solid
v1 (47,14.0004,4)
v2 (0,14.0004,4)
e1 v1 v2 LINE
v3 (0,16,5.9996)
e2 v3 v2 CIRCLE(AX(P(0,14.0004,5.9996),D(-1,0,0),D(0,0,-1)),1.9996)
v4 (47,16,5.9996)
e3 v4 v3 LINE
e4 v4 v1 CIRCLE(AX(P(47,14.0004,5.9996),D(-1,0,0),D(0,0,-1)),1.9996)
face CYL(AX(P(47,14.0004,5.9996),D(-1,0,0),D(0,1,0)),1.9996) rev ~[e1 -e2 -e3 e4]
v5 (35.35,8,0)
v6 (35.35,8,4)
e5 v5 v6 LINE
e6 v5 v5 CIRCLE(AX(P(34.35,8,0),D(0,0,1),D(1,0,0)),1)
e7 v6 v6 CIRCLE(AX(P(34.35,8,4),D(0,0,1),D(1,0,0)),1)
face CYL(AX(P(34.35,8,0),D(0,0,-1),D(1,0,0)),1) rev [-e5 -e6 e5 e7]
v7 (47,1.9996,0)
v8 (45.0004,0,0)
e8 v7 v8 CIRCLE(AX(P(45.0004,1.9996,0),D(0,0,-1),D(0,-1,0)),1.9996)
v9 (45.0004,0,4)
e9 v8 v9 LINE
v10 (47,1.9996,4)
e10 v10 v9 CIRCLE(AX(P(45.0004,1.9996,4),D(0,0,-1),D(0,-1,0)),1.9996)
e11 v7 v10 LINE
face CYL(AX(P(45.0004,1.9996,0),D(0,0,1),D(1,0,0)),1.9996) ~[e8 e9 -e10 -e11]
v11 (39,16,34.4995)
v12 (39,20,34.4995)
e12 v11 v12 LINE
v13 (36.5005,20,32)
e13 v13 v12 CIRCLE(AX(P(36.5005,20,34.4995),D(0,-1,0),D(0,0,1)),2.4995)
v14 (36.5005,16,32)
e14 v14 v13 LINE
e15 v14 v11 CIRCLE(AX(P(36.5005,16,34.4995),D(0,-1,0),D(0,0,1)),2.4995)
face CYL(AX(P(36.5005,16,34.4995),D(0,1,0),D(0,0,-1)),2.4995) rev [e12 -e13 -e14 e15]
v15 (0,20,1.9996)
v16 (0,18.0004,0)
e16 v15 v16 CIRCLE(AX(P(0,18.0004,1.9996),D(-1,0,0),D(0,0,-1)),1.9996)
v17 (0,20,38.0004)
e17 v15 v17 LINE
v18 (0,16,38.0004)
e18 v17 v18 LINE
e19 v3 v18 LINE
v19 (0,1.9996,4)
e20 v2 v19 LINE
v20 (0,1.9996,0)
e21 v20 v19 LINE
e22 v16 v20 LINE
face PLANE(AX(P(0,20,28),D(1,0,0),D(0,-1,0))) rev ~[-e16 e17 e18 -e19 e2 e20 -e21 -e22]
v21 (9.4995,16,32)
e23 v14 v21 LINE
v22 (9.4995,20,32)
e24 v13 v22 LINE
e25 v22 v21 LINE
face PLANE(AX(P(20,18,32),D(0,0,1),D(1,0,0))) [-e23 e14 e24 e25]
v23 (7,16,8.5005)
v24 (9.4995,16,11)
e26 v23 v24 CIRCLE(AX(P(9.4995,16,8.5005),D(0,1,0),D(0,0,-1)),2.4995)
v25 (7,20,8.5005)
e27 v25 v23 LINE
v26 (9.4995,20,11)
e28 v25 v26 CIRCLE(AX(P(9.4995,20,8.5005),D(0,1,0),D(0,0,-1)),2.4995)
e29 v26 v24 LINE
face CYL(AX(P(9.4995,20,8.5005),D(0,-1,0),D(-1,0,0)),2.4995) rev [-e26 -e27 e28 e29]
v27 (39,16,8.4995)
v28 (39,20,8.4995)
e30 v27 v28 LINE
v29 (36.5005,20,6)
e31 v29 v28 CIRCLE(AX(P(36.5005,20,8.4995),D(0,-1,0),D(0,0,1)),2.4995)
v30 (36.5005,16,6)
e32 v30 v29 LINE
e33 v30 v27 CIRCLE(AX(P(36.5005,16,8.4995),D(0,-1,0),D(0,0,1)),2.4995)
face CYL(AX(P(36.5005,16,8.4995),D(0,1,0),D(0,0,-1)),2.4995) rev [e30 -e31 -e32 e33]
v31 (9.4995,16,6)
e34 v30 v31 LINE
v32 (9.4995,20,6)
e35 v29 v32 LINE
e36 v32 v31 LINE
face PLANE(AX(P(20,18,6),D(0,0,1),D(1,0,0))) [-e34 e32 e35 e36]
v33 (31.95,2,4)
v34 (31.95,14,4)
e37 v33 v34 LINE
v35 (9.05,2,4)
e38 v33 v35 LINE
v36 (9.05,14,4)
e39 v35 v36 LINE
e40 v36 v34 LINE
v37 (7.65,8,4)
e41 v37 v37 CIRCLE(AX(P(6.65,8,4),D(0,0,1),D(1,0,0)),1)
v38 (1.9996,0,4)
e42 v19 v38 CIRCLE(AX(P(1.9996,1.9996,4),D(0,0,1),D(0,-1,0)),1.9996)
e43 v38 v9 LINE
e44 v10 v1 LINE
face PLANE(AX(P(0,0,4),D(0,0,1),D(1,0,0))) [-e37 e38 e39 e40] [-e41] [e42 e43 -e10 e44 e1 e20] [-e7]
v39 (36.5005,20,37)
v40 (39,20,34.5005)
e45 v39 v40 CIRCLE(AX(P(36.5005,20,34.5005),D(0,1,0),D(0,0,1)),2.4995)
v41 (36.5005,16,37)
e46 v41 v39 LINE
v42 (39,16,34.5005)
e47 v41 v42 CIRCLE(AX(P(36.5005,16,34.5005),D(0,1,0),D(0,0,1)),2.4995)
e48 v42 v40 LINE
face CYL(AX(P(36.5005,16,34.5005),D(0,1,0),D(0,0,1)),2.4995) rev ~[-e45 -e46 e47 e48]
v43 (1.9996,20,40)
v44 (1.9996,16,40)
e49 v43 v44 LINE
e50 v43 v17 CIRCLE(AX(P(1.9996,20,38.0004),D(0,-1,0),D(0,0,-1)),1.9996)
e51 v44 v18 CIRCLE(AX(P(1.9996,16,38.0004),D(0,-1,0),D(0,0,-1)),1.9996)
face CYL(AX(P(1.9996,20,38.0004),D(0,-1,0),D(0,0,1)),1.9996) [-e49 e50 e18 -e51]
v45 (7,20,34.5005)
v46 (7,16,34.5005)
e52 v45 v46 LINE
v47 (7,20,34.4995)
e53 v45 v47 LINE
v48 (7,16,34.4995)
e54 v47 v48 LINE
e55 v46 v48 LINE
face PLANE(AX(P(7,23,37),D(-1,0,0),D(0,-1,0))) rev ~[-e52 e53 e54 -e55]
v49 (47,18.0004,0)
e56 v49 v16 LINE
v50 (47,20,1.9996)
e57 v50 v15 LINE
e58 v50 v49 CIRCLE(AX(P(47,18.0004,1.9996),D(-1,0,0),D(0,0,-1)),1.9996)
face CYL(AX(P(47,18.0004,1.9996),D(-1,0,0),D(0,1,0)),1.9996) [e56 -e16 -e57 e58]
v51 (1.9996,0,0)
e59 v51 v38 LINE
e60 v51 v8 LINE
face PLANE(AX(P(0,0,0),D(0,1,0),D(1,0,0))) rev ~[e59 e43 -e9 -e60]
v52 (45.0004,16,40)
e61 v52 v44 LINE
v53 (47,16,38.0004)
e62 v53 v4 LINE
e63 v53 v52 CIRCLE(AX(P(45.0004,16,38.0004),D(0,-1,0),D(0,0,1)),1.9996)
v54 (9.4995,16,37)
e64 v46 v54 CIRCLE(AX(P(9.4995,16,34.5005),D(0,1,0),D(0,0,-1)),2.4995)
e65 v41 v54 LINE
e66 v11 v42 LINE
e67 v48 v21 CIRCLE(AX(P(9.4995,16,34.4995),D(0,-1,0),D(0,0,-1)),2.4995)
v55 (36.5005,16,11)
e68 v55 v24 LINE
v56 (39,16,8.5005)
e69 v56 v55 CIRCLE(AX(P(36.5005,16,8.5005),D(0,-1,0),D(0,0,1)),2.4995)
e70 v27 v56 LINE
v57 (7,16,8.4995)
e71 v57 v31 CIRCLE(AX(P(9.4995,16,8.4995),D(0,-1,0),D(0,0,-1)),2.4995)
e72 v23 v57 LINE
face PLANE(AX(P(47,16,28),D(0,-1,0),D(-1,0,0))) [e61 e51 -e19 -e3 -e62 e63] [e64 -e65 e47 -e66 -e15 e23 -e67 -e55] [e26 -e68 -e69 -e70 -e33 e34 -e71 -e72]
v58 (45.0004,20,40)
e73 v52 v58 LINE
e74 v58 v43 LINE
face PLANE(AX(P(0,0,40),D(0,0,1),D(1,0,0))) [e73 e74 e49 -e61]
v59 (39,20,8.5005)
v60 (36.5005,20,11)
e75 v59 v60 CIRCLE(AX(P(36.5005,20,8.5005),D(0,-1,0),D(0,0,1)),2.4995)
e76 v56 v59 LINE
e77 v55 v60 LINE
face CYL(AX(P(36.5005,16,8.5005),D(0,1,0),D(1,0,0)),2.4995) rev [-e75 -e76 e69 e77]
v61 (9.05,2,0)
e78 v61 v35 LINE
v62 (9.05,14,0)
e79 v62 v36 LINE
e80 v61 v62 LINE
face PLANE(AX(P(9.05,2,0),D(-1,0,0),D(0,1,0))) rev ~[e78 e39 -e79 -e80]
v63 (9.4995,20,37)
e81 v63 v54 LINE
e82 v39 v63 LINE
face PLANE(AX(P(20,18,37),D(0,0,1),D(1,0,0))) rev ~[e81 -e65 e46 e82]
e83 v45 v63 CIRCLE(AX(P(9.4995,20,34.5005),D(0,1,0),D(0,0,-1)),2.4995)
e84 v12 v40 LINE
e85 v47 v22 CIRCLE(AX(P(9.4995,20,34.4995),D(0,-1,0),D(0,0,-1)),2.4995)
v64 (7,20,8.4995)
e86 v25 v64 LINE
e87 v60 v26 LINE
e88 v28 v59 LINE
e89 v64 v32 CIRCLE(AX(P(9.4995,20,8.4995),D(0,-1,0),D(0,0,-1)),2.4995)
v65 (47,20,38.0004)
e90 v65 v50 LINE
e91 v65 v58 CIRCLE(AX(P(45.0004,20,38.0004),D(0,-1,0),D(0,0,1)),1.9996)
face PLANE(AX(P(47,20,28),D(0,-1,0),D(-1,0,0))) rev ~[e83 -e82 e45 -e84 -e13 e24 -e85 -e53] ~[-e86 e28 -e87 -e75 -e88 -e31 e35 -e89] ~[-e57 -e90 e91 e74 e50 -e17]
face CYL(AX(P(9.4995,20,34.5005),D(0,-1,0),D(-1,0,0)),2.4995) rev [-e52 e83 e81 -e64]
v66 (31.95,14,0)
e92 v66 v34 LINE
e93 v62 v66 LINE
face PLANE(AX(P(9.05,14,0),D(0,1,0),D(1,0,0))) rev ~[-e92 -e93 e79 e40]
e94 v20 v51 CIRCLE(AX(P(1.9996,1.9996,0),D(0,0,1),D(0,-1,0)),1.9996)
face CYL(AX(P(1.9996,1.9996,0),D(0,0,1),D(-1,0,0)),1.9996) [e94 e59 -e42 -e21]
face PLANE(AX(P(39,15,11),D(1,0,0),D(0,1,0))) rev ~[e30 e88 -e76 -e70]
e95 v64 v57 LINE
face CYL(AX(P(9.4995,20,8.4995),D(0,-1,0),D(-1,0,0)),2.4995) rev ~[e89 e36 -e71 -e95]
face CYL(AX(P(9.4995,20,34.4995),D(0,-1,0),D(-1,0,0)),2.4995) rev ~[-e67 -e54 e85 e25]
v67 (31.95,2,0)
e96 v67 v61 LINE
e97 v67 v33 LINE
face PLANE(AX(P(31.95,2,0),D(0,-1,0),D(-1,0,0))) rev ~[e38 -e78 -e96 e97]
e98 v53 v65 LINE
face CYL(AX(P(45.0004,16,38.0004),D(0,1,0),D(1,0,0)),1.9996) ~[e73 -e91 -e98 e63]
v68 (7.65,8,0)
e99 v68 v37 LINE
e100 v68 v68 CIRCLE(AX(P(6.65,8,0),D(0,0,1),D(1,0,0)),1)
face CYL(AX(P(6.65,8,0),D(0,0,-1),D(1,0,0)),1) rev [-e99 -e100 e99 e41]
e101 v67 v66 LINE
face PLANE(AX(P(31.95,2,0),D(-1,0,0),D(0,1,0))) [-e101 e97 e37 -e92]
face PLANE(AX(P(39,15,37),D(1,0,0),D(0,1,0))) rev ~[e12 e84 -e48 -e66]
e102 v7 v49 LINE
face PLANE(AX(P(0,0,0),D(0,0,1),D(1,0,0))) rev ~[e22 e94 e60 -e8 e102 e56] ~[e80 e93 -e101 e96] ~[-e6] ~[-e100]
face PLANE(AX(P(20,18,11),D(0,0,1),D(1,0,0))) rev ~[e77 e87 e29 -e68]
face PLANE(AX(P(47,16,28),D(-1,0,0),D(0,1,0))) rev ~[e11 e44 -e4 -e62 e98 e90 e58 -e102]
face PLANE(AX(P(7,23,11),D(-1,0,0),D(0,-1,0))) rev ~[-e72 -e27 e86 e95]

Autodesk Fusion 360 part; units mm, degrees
sketch "Sketch1" plane through (0, 0, 0) normal (0, 0, 1) x (1, 0, 0)
  line L0 (31.95, 2) -> (31.95, 14)
  line L1 (0, 20) -> (0, 0)
  line L2 (47, 0) -> (47, 20)
  line L3 (4.25, 2) -> (4.25, 14)
  line L4 (47, 16) -> (0, 16)
  line L5 (4.25, 14) -> (36.75, 14)
  line L6 (0, 16) -> (0, 20)
  line L7 (36.75, 14) -> (36.75, 2)
  line L8 (47, 20) -> (47, 16)
  line L9 (4.25, 14) -> (4.25, 2)
  line L10 (36.75, 2) -> (4.25, 2)
  line L11 (47, 20) -> (0, 20)
  line L12 (0, 0) -> (47, 0)
  circle A0 centre (34.35, 8) radius 1
  circle A1 centre (6.65, 8) radius 1
  line L13 (4.25, 2) -> (9.05, 2)
  line L14 (36.75, 14) -> (36.75, 2)
  line L15 (31.95, 14) -> (36.75, 14)
  line L16 (9.05, 14) -> (4.25, 14)
  line L17 (9.05, 2) -> (9.05, 14)
  line L18 (0, 20) -> (47, 20)
  line L19 (36.75, 2) -> (31.95, 2)
  dimension "d1" = 47
  dimension "d2" = 20
  dimension "d5" = 4
  dimension "d20" = 32.5
  dimension "d21" = 12
  dimension "d22" = 4.8
  dimension "d23" = 4.8
  dimension "d24" = 2
  dimension "d25" = 2
extrude "Extrude1" add sketch "Sketch1" along normal blind 4 contours L0 L5 L7 L10 L14 L15 L19 | L3 L5 L9 L10 L13 L16 L17 | L1 L2 L4 L12
extrude "Extrude2" add sketch "Sketch1" along normal blind 28 contours L1 L2 L4 L6 L8 L11 L18
extrude "Extrude3" add 1 faces at (15.6667, 18.6667, 28) along direction (0, 0, 1) blind 12
ref_plane "WorkPlane1" through (23.5, 18, 37) normal (0, 0, 1) x (1, 0, 0)
sketch "Sketch2" plane through (20, 18, 37) normal (0, 0, 1) x (1, 0, 0)
  line L0 (-13, -3) -> (19, -3)
  line L1 (19, -3) -> (19, 5)
  line L2 (19, 5) -> (-13, 5)
  line L3 (-13, 5) -> (-13, -3)
extrude "Extrude4" cut sketch "Sketch2" against normal blind 5
ref_plane "WorkPlane2" through (23, 18, 11) normal (0, 0, 1) x (1, 0, 0)
sketch "Sketch3" plane through (20, 18, 11) normal (0, 0, 1) x (1, 0, 0)
  line L0 (-13, -3) -> (19, -3)
  line L1 (19, -3) -> (19, 5)
  line L2 (19, 5) -> (-13, 5)
  line L3 (-13, 5) -> (-13, -3)
extrude "Extrude5" cut sketch "Sketch3" against normal blind 5
fillet "Fillet1" radius 2.5 8 edges at (7, 18, 6) (7, 18, 11) (39, 18, 11) (39, 18, 6) (39, 18, 32) (39, 18, 37) (7, 18, 37) (7, 18, 32)
fillet "Fillet2" radius 2 6 edges at (47, 18, 40) (0, 18, 40) (23.5, 16, 4) (47, 0, 2) (0, 0, 2) (23.5, 20, 0)
